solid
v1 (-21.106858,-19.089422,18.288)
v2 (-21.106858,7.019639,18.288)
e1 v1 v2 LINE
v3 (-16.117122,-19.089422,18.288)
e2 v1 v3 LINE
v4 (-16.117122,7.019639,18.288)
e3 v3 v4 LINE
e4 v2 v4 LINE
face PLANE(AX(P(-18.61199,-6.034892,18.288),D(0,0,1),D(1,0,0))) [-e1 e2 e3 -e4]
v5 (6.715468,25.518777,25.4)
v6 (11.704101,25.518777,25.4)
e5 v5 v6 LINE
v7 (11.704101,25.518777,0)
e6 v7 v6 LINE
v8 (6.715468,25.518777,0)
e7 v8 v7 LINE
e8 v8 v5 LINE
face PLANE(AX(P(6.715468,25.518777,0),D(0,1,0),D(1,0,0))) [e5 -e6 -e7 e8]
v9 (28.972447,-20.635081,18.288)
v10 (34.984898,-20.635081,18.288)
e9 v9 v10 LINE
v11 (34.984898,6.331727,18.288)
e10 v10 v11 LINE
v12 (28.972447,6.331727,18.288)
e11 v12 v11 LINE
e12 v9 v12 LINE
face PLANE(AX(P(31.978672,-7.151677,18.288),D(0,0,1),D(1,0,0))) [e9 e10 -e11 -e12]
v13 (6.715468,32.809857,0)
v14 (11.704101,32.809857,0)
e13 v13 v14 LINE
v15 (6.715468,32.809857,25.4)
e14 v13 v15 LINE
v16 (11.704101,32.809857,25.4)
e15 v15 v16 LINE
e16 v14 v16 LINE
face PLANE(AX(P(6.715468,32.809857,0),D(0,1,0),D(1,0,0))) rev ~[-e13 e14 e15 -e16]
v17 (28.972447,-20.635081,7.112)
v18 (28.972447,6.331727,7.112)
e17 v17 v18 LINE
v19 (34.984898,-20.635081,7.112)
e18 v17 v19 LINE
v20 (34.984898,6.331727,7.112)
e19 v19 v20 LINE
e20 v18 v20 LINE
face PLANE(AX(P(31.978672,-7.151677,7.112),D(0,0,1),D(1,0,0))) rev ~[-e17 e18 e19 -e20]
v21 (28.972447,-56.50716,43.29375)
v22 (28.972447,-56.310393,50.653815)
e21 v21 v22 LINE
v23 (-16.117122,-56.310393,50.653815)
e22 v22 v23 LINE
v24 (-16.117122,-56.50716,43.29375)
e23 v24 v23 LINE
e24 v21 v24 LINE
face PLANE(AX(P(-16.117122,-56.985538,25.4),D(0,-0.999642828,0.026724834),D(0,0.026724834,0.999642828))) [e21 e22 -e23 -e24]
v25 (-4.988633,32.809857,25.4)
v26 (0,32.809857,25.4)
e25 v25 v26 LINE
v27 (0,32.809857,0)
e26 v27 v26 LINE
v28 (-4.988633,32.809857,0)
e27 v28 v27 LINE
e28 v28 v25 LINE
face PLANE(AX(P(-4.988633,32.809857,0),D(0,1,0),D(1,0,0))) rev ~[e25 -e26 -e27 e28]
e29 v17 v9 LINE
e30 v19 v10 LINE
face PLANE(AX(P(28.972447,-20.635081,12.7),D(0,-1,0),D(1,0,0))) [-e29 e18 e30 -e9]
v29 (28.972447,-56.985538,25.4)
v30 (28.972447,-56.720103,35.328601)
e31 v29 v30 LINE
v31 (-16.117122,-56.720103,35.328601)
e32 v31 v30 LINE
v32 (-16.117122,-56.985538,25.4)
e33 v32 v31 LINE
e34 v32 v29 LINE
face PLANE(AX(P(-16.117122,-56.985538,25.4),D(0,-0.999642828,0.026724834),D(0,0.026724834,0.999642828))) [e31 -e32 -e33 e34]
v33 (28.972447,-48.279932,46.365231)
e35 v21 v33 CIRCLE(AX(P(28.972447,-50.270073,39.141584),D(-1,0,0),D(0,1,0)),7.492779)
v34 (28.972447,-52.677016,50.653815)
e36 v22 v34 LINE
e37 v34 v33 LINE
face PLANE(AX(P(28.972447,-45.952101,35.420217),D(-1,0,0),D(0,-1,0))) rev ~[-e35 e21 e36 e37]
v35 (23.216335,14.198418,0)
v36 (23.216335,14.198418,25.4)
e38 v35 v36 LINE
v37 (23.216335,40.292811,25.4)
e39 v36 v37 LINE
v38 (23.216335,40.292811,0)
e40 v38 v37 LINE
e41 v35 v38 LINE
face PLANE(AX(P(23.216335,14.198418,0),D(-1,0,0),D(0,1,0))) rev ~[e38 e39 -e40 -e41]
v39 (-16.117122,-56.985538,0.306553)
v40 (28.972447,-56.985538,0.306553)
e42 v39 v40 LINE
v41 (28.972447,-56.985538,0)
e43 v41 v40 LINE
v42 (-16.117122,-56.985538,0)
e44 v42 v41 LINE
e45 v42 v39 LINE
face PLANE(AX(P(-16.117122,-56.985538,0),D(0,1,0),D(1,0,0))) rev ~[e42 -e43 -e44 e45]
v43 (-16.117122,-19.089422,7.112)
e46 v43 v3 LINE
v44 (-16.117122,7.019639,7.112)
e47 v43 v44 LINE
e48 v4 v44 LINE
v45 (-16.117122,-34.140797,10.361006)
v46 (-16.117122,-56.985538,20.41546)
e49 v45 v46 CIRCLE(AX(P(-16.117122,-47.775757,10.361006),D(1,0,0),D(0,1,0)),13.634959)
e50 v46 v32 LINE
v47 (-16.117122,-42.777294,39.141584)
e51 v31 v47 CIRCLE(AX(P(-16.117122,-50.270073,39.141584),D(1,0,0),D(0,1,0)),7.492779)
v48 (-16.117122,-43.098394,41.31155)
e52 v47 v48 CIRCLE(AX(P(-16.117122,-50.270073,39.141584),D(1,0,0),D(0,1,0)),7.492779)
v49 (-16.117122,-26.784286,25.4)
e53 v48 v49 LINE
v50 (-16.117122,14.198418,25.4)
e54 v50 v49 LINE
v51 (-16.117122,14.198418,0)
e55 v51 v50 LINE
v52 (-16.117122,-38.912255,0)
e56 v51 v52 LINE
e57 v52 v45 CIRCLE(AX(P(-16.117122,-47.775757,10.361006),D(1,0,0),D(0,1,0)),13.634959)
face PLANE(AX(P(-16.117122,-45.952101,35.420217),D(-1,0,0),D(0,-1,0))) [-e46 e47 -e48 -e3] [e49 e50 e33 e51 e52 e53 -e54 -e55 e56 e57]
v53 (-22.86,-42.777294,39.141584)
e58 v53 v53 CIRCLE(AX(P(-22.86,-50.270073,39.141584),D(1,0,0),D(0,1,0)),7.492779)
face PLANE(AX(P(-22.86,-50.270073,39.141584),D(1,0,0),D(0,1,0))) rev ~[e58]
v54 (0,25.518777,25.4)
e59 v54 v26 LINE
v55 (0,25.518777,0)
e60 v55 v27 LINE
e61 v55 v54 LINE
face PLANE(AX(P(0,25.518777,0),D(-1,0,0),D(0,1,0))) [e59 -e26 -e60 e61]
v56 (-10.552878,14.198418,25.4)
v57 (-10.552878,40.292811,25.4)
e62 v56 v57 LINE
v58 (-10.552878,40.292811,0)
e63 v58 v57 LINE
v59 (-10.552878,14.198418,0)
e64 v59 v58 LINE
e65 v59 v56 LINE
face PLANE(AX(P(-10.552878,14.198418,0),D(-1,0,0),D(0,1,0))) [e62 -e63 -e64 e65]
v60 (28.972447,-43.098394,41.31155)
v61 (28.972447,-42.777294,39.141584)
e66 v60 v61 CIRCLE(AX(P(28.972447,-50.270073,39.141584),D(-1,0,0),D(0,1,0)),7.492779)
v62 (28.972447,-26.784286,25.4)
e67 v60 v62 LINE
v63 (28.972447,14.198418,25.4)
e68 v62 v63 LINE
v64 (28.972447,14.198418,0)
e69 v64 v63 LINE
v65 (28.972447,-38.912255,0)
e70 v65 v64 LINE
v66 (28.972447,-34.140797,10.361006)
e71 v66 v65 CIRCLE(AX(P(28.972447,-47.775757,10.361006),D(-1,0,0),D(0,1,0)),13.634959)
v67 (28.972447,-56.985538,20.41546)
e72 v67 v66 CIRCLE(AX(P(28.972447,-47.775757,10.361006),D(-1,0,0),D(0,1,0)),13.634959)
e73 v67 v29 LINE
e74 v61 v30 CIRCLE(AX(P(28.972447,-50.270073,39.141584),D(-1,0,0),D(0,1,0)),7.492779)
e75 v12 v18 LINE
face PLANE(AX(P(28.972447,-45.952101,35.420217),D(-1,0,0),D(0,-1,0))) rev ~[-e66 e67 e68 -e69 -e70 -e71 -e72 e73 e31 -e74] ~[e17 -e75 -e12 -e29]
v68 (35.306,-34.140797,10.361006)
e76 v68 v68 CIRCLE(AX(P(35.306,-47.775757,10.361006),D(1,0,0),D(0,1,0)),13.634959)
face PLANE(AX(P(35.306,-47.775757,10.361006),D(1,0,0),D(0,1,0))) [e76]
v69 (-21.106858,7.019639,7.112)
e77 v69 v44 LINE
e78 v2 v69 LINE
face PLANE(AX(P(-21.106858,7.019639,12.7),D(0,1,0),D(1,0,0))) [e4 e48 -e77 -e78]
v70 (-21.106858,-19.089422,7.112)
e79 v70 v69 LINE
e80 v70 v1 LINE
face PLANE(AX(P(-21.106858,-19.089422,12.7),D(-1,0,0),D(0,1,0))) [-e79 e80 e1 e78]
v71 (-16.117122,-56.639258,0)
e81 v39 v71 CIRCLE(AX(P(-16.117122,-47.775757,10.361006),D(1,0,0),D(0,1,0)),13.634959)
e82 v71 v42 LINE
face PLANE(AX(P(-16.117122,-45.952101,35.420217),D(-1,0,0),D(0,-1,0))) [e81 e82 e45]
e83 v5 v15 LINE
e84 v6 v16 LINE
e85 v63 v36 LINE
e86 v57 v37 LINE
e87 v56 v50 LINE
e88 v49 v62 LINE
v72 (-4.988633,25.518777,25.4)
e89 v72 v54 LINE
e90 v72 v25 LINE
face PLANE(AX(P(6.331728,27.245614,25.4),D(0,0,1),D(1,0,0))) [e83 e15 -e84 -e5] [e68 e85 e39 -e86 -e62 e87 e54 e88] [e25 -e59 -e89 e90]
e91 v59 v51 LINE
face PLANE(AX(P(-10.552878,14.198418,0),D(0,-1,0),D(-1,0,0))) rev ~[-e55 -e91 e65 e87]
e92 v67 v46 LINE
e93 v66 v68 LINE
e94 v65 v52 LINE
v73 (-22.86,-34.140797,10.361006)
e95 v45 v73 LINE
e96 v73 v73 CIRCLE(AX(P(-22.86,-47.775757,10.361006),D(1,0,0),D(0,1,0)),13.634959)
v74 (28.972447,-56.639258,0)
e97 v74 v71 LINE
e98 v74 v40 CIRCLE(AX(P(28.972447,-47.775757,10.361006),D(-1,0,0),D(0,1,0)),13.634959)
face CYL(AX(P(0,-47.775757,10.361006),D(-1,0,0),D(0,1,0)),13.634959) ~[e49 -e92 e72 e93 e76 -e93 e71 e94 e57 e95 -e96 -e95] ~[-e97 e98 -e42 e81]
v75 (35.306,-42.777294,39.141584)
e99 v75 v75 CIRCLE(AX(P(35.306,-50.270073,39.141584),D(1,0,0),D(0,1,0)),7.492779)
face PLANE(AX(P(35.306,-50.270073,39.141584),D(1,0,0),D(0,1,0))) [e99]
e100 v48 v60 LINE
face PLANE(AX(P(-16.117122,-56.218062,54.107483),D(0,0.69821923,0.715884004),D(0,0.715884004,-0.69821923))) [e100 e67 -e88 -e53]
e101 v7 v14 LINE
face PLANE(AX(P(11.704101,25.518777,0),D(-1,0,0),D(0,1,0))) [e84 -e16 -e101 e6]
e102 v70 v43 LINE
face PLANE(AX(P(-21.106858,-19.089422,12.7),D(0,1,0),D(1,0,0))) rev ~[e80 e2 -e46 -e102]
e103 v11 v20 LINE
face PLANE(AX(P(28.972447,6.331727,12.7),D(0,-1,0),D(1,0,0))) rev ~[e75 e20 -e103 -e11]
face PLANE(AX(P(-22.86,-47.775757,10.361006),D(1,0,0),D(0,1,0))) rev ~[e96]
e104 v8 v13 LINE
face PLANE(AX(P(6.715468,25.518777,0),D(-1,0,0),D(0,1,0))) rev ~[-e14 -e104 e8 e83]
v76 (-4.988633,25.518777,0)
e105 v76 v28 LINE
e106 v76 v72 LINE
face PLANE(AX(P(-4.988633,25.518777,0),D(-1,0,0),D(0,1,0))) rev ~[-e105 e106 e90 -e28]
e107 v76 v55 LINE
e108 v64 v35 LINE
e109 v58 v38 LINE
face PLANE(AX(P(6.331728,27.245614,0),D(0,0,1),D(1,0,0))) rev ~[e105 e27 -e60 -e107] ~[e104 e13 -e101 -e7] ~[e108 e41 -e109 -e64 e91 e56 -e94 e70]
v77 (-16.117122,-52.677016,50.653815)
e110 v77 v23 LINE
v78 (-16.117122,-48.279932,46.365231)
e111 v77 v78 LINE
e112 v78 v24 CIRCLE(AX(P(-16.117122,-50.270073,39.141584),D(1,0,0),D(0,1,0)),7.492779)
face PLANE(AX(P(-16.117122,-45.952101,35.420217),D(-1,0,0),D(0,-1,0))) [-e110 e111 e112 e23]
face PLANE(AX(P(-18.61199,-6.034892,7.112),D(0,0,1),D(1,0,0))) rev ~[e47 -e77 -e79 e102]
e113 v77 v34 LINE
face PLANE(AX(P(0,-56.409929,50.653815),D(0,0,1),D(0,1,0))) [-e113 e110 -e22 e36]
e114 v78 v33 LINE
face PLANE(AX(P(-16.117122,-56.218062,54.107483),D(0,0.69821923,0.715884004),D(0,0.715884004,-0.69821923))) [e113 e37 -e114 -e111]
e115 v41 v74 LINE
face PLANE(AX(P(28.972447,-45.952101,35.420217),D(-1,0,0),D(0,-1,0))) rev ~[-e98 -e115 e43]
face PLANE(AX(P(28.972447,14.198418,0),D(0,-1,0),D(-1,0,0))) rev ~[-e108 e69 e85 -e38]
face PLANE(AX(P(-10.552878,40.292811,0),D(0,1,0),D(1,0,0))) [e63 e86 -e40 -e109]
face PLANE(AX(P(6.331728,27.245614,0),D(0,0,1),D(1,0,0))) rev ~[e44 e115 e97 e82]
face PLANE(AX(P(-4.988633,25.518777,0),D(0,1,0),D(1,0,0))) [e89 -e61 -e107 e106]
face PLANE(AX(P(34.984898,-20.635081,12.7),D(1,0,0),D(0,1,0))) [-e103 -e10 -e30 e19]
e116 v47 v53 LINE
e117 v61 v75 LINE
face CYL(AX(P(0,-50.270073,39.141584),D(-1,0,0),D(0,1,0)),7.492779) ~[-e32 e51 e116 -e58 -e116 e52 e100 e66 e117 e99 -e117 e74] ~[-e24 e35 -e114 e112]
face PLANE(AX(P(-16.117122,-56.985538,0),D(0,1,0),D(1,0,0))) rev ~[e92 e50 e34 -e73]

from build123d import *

# Parameters (mm, degrees)
F0_W          = 33.7692135945
F0_H          = 26.0943928733
F0_W_2        = 4.9886330962
F0_H_2        = 7.2910804302
F0_W_3        = 45.0895689428
F0_H_3        = 28.9724431932
F1_DEPTH      = 25.4
F3_DEPTH      = 45.0895689428
F4_R          = 7.4927788442
F4_R_2        = 13.6349594123
F5_DEPTH      = 35.306
F5_DEPTH_BACK = 22.86
F6_DEPTH      = 25.4
F8_DEPTH      = 22.861
F8_DEPTH_BACK = 35.307
F11_W         = 4.9897357821
F11_H         = 26.1090615085
F11_W_2       = 6.0124509037
F11_H_2       = 26.9668074491
F12_DEPTH     = 5.588


with BuildPart() as f1:
    # F0 (on Top) → F1 (new body)
    with BuildSketch(Plane.XY):
        with Locations((6.3317283057, 27.245614212)):
            Rectangle(F0_W, F0_H)
        with Locations((-2.4943165481, 29.164317064)):
            Rectangle(F0_W_2, F0_H_2, mode=Mode.SUBTRACT)
        with Locations((9.2097842135, 29.164317064)):
            Rectangle(F0_W_2, F0_H_2, mode=Mode.SUBTRACT)
        Polygon((23.2163351029, 14.1984177753), (-10.5528784916, 14.1984177753), (-16.1171220243, 14.1984177753), (-16.1171220243, -28.0130952597), (28.9724469185, -28.0130952597), (28.9724469185, 14.1984177753), align=None)
        with Locations((6.4276624471, -42.4993168563)):
            Rectangle(F0_W_3, F0_H_3)
    extrude(amount=F1_DEPTH)

    # F2 (on face) → F3 (join, through all)
    with BuildSketch(Plane(origin=(-16.1171220243, 0, 0), x_dir=(0, -1, 0), z_dir=(-1, 0, 0))):
        Polygon((56.2180615962, 54.1074834764), (26.784285903, 25.4), (56.9855384529, 25.4), align=None)
    extrude(amount=-F3_DEPTH)

    # F4 (on Right) → F5 (join, two sides)
    with BuildSketch(Plane.YZ) as f5_sk:
        with Locations((-50.2700731158, 39.1415841877)):
            Circle(F4_R)
        with Locations((-47.7757565677, 10.3610064834)):
            Circle(F4_R_2)
    extrude(amount=F5_DEPTH)
    extrude(f5_sk.sketch, amount=-F5_DEPTH_BACK)

    # F0 (on Top) → F6 (join)
    with BuildSketch(Plane.XY):
        with Locations((6.3317283057, 27.245614212)):
            Rectangle(F0_W, F0_H)
        with Locations((-2.4943165481, 29.164317064)):
            Rectangle(F0_W_2, F0_H_2, mode=Mode.SUBTRACT)
        with Locations((9.2097842135, 29.164317064)):
            Rectangle(F0_W_2, F0_H_2, mode=Mode.SUBTRACT)
        Polygon((23.2163351029, 14.1984177753), (-10.5528784916, 14.1984177753), (-16.1171220243, 14.1984177753), (-16.1171220243, -28.0130952597), (28.9724469185, -28.0130952597), (28.9724469185, 14.1984177753), align=None)
        with Locations((6.4276624471, -42.4993168563)):
            Rectangle(F0_W_3, F0_H_3)
    extrude(amount=F6_DEPTH)

    # F7 (on Right) → F8 (cut, two sides)
    with BuildSketch(Plane.YZ) as f8_sk:
        Polygon((-56.4099289477, 54.4912219048), (-56.4099289477, 50.6538152695), (-52.3806512356, 50.6538152695), align=None)
    extrude(amount=-F8_DEPTH, mode=Mode.SUBTRACT)
    extrude(f8_sk.sketch, amount=F8_DEPTH_BACK, mode=Mode.SUBTRACT)

    # F11 (on plane+point) → F12 (join, symmetric)
    with BuildSketch(Plane.XY.offset(12.7)):
        with Locations((-18.6119899154, -6.034891739)):
            Rectangle(F11_W, F11_H)
        with Locations((31.9786723703, -7.1516768159)):
            Rectangle(F11_W_2, F11_H_2)
    extrude(amount=F12_DEPTH, both=True)


solid = f1.part
